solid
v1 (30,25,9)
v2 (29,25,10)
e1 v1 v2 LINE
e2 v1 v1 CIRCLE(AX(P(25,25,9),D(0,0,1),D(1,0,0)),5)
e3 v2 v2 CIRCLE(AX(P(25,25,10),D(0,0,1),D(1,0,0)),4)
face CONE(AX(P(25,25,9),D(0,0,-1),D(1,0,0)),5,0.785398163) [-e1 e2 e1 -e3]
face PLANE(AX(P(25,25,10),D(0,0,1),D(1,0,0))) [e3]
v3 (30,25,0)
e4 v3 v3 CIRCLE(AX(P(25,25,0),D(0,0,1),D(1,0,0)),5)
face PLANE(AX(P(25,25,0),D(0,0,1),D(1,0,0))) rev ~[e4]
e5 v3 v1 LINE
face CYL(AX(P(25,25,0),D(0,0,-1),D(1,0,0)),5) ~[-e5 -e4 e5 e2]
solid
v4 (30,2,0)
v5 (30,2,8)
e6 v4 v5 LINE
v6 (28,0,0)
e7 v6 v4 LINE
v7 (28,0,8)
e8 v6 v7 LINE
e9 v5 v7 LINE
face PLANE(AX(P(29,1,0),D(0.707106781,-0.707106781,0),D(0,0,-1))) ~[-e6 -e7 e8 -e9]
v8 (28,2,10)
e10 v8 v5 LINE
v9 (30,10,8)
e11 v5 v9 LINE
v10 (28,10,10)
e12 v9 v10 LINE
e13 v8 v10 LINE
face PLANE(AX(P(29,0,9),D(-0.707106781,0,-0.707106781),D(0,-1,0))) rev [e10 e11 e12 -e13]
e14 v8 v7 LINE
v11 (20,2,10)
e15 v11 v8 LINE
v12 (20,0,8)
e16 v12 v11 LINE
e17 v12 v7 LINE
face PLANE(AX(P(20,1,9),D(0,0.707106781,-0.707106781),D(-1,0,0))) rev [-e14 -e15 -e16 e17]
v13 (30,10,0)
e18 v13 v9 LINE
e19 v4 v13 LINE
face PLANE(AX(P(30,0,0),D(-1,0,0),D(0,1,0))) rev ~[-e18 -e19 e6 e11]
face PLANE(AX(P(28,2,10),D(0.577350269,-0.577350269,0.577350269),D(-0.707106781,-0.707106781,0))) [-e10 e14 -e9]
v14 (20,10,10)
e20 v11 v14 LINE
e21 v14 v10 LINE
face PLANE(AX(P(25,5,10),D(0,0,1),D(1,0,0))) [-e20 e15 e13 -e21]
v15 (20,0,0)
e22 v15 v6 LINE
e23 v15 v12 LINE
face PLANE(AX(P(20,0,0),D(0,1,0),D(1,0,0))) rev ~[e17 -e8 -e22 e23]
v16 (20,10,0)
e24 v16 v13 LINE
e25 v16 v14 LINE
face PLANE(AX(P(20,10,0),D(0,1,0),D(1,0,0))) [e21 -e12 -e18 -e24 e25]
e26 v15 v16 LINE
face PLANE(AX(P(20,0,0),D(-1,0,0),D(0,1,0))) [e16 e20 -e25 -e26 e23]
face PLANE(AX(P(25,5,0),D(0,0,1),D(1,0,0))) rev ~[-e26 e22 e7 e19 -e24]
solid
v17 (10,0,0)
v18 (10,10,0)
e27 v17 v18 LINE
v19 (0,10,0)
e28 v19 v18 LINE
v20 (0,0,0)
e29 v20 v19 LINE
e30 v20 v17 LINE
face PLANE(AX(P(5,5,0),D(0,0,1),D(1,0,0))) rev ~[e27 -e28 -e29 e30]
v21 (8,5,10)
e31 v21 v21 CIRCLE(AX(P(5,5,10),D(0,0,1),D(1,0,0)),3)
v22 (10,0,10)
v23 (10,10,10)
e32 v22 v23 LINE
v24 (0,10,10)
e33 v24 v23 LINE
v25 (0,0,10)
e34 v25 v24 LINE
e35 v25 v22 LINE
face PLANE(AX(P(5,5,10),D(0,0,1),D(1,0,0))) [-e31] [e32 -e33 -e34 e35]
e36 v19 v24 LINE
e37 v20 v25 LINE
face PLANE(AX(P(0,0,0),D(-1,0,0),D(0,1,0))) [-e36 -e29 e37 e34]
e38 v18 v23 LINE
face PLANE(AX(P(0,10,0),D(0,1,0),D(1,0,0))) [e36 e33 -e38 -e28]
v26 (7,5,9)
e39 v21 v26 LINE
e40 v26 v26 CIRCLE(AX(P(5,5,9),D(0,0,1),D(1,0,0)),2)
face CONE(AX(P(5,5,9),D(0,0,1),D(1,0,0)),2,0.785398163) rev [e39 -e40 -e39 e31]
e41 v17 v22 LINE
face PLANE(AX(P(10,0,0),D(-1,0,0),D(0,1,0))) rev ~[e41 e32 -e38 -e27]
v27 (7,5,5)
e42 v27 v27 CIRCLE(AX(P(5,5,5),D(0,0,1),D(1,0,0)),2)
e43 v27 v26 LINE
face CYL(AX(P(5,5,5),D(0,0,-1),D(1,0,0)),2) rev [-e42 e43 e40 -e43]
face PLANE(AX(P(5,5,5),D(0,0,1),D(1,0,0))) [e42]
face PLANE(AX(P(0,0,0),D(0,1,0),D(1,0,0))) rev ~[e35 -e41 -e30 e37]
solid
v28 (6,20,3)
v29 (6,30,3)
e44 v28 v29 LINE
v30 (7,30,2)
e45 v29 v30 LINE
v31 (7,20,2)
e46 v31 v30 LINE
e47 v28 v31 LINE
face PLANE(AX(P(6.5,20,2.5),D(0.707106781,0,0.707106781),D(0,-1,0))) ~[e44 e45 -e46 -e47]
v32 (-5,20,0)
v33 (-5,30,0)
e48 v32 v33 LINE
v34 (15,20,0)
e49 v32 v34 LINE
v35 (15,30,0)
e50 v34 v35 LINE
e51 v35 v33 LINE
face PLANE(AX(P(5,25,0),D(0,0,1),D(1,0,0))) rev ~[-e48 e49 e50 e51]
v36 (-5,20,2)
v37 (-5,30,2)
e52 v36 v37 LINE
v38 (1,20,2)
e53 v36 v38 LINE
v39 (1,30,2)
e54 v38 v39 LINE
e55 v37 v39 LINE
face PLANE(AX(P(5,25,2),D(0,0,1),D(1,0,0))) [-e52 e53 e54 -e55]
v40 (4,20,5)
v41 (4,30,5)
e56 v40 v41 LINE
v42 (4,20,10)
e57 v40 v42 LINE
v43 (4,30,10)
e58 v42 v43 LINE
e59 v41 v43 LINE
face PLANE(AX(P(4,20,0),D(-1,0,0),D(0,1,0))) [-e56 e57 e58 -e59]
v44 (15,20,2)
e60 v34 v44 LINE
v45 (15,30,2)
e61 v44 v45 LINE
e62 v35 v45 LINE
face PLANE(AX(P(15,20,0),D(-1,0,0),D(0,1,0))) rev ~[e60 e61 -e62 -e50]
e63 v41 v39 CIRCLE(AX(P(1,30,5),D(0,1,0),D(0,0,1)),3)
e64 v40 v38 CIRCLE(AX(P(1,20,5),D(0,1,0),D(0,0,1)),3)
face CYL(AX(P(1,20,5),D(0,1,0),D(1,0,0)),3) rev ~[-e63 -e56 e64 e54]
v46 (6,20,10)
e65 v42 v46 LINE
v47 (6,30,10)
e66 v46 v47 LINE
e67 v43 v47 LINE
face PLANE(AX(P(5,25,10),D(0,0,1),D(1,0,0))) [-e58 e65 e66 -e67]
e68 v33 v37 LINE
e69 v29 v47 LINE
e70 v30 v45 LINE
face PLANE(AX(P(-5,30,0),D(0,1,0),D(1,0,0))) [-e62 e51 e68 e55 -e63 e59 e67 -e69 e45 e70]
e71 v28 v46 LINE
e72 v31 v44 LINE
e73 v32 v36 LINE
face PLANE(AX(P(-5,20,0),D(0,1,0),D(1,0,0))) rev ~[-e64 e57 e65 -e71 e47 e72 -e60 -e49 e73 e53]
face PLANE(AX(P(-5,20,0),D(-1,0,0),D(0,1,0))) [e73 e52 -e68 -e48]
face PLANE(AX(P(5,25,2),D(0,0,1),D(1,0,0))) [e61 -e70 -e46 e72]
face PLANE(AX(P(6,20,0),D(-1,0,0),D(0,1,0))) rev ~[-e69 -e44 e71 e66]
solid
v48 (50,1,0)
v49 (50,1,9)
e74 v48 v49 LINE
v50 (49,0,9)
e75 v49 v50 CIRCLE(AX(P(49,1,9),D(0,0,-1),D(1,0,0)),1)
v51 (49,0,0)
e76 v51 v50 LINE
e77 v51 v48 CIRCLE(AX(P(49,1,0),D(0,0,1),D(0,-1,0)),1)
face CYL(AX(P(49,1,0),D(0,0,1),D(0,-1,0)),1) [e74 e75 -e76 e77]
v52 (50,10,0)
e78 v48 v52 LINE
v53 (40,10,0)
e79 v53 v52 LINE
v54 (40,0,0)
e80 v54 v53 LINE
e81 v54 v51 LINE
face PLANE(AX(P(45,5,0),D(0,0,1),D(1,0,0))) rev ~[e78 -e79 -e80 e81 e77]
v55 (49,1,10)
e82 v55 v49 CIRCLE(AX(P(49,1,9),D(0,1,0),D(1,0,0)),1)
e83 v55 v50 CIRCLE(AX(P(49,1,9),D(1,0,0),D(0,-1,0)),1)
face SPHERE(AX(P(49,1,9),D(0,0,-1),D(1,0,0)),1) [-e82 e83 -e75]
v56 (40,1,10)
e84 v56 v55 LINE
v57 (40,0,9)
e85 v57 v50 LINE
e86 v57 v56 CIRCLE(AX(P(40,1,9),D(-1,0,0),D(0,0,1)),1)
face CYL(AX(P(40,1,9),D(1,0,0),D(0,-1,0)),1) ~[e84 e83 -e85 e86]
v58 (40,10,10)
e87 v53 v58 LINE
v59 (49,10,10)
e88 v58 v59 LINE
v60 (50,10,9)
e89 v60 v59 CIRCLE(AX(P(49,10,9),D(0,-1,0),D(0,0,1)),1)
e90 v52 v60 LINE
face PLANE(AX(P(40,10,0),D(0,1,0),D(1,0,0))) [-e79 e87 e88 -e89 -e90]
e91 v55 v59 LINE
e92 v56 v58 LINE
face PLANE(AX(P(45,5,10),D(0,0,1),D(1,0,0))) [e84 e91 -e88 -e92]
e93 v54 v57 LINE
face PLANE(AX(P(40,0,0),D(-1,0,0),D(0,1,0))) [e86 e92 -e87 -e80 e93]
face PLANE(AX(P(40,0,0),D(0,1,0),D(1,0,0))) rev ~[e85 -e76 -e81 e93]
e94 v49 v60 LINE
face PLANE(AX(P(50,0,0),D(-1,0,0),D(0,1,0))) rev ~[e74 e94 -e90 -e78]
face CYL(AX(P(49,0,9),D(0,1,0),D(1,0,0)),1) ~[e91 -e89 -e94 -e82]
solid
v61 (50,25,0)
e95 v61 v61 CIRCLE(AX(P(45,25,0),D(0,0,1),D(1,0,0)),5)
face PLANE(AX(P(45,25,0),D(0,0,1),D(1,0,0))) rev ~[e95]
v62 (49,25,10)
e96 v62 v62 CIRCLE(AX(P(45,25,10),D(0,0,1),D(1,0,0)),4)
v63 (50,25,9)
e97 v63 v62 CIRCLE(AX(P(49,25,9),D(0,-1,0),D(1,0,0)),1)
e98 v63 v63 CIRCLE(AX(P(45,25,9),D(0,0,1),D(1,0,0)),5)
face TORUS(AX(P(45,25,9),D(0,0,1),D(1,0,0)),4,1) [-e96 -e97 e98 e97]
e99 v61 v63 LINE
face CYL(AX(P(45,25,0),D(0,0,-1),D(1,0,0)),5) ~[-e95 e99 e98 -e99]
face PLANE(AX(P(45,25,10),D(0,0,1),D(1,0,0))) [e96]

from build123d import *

# Parameters (mm, degrees)
BOX002_W          = 10
BOX002_H          = 10
BOX002_DEPTH      = 10
FILLET_R          = 1
BOX001_W          = 10
BOX001_H          = 10
BOX001_DEPTH      = 10
CHAMFER_SIZE      = 2
CYLINDER_R        = 2
CYLINDER_DEPTH    = 5
BOX_W             = 10
BOX_H             = 10
BOX_DEPTH         = 10
CHAMFER001_SIZE   = 1
CYLINDER001_R     = 5
CYLINDER001_DEPTH = 10
FILLET001_R       = 1
CYLINDER002_R     = 5
CYLINDER002_DEPTH = 10
CHAMFER002_SIZE   = 1
BOX003_W          = 20
BOX003_H          = 10
BOX003_DEPTH      = 2
BOX004_W          = 2
BOX004_H          = 10
BOX004_DEPTH      = 10
CHAMFER003_SIZE   = 1
FILLET002_R       = 3


with BuildPart() as fillet_body:
    # Box002 → Box002 (new body)
    with BuildSketch(Plane(origin=(40, 0, 0), x_dir=(1, 0, 0), z_dir=(0, 0, 1))):
        with Locations((5, 5)):
            Rectangle(BOX002_W, BOX002_H)
    extrude(amount=BOX002_DEPTH)

    # Fillet
    fillet_edges = [fillet_body.edges().sort_by_distance(p)[0] for p in [
        (50, 0, 5),
        (50, 5, 10),
        (45, 0, 10),
    ]]
    fillet(fillet_edges, radius=FILLET_R)


with BuildPart() as chamfer_body:
    # Box001 → Box001 (new body)
    with BuildSketch(Plane(origin=(20, 0, 0), x_dir=(1, 0, 0), z_dir=(0, 0, 1))):
        with Locations((5, 5)):
            Rectangle(BOX001_W, BOX001_H)
    extrude(amount=BOX001_DEPTH)

    # Chamfer
    chamfer_edges = [chamfer_body.edges().sort_by_distance(p)[0] for p in [
        (30, 0, 5),
        (30, 5, 10),
        (25, 0, 10),
    ]]
    chamfer(chamfer_edges, length=CHAMFER_SIZE)


with BuildPart() as cilindre:
    # Cylinder → Cylinder (new body)
    with BuildSketch(Plane(origin=(5, 5, 5), x_dir=(1, 0, 0), z_dir=(0, 0, 1))):
        Circle(CYLINDER_R)
    extrude(amount=CYLINDER_DEPTH)


with BuildPart() as chamfer001:
    # Box → Box (new body)
    with BuildSketch(Plane.XY):
        with Locations((5, 5)):
            Rectangle(BOX_W, BOX_H)
    extrude(amount=BOX_DEPTH)

    # Cut: cut Cilindre
    add(cilindre.part, mode=Mode.SUBTRACT)

    # Chamfer001
    chamfer001_edges = [chamfer001.edges().sort_by_distance(p)[0] for p in [
        (3, 5, 10),
    ]]
    chamfer(chamfer001_edges, length=CHAMFER001_SIZE)


with BuildPart() as fillet001:
    # Cylinder001 → Cylinder001 (new body)
    with BuildSketch(Plane(origin=(45, 25, 0), x_dir=(1, 0, 0), z_dir=(0, 0, 1))):
        Circle(CYLINDER001_R)
    extrude(amount=CYLINDER001_DEPTH)

    # Fillet001
    fillet001_edges = [fillet001.edges().sort_by_distance(p)[0] for p in [
        (40, 25, 10),
    ]]
    fillet(fillet001_edges, radius=FILLET001_R)


with BuildPart() as chamfer002:
    # Cylinder002 → Cylinder002 (new body)
    with BuildSketch(Plane(origin=(25, 25, 0), x_dir=(1, 0, 0), z_dir=(0, 0, 1))):
        Circle(CYLINDER002_R)
    extrude(amount=CYLINDER002_DEPTH)

    # Chamfer002
    chamfer002_edges = [chamfer002.edges().sort_by_distance(p)[0] for p in [
        (20, 25, 10),
    ]]
    chamfer(chamfer002_edges, length=CHAMFER002_SIZE)


with BuildPart() as cub001:
    # Box003 → Box003 (new body)
    with BuildSketch(Plane(origin=(-5, 20, 0), x_dir=(1, 0, 0), z_dir=(0, 0, 1))):
        with Locations((10, 5)):
            Rectangle(BOX003_W, BOX003_H)
    extrude(amount=BOX003_DEPTH)


with BuildPart() as fillet002:
    # Box004 → Box004 (new body)
    with BuildSketch(Plane(origin=(4, 20, 0), x_dir=(1, 0, 0), z_dir=(0, 0, 1))):
        with Locations((1, 5)):
            Rectangle(BOX004_W, BOX004_H)
    extrude(amount=BOX004_DEPTH)

    # Fusion: union Cub001
    add(cub001.part)

    # Chamfer003
    chamfer003_edges = [fillet002.edges().sort_by_distance(p)[0] for p in [
        (6, 25, 2),
    ]]
    chamfer(chamfer003_edges, length=CHAMFER003_SIZE)

    # Fillet002
    fillet002_edges = [fillet002.edges().sort_by_distance(p)[0] for p in [
        (4, 25, 2),
    ]]
    fillet(fillet002_edges, radius=FILLET002_R)


solid = Compound([fillet_body.part, chamfer_body.part, chamfer001.part, fillet001.part, chamfer002.part, fillet002.part])
